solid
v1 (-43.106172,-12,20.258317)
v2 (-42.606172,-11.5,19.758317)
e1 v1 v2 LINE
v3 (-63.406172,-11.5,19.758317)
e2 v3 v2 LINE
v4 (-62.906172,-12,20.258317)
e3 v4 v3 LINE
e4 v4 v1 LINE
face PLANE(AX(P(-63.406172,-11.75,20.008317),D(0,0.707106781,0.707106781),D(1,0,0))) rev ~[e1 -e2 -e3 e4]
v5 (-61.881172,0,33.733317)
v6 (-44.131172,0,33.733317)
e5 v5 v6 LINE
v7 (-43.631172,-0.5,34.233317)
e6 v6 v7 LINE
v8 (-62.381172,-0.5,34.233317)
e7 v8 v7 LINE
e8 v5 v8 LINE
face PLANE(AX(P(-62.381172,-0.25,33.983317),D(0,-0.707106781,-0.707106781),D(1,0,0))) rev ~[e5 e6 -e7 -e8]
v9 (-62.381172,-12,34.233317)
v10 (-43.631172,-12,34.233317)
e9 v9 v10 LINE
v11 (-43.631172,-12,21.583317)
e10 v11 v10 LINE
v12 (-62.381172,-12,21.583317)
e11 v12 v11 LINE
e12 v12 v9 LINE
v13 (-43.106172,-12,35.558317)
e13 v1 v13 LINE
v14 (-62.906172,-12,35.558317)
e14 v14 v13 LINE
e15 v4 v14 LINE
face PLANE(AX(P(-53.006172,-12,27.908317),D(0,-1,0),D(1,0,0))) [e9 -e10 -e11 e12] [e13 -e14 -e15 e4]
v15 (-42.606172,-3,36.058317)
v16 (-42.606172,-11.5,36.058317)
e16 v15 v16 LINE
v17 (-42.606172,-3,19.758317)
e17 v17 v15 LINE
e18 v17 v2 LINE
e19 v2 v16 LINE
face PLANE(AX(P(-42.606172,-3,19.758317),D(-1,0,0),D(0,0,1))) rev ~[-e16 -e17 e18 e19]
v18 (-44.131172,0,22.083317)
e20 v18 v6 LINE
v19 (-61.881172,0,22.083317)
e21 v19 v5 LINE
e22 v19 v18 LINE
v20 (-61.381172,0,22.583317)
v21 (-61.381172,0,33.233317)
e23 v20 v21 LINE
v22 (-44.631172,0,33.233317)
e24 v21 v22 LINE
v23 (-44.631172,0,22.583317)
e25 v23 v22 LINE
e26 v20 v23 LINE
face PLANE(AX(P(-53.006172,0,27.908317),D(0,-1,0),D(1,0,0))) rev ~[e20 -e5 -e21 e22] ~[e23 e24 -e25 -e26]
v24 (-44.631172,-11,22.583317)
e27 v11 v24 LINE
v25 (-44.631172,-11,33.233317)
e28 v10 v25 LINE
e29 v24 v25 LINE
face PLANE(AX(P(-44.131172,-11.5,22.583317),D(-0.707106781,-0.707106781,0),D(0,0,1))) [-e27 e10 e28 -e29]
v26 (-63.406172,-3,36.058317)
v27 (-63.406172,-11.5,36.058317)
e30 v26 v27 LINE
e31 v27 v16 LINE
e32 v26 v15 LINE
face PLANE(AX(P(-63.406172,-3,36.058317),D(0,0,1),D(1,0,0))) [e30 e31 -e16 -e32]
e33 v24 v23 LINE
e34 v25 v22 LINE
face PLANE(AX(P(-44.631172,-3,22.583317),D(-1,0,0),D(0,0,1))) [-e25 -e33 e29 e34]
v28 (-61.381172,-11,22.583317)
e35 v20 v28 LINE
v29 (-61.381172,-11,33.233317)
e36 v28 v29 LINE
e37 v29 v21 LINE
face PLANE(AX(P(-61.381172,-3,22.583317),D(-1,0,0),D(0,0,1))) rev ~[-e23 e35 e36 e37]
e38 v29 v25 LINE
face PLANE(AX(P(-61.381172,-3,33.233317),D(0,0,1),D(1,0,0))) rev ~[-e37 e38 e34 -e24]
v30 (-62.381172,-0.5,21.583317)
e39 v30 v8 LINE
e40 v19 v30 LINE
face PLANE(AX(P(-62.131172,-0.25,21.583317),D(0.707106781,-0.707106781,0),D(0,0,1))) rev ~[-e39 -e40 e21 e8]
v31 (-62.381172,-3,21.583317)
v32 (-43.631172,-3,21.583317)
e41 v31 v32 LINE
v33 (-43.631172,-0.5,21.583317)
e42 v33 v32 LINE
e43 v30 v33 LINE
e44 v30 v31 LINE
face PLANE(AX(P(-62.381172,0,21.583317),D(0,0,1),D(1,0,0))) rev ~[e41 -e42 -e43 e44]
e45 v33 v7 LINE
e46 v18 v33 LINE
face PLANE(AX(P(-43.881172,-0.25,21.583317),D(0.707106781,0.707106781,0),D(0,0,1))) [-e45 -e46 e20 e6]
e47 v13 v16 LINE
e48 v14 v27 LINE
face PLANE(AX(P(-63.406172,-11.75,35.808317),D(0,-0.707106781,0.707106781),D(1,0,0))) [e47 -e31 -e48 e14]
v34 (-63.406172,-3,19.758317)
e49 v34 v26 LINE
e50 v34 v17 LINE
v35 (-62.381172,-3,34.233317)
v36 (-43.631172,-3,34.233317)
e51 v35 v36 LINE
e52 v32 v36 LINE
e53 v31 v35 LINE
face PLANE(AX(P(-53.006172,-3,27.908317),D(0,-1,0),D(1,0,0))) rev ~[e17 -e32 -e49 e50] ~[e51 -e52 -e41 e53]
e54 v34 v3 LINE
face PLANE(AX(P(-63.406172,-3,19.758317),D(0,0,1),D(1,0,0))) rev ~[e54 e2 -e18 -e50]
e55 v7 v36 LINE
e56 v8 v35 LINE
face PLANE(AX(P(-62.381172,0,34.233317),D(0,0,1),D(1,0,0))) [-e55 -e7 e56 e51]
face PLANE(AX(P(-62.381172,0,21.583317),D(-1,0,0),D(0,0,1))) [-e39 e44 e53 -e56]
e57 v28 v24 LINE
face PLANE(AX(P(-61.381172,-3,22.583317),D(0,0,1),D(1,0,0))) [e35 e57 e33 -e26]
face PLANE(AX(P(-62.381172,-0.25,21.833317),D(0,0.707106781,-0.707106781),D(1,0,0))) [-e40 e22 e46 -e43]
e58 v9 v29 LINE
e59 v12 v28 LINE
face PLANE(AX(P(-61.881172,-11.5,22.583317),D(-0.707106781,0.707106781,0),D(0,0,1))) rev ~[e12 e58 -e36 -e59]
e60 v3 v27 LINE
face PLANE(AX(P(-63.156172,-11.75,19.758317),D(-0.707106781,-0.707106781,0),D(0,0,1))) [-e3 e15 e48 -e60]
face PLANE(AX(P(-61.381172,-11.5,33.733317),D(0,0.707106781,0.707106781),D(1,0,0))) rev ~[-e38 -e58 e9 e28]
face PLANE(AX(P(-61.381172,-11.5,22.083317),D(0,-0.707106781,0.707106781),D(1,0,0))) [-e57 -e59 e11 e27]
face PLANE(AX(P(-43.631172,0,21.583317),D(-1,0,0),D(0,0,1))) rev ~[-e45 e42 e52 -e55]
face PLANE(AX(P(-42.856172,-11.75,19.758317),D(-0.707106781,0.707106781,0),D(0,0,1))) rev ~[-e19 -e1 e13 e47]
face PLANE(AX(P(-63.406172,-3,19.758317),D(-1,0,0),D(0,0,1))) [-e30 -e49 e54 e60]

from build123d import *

# Parameters (mm, degrees)
F0_W     = 18.75
F0_H     = 12.65
F0_W_2   = 16.75
F0_H_2   = 10.65
F1_DEPTH = 3
F2_W     = 20.8
F2_H     = 16.3
F2_W_2   = 18.75
F2_H_2   = 12.65
F2_W_3   = 16.75
F2_H_3   = 10.65
F3_DEPTH = 9
F4_SIZE  = 1
F5_SIZE  = 0.5


with BuildPart() as f1:
    # F0 (on Front) → F1 (new body)
    with BuildSketch(Plane.XZ):
        with Locations((-53.0061718459, 27.9083168134)):
            Rectangle(F0_W, F0_H)
        with Locations((-53.0061718459, 27.9083168134)):
            Rectangle(F0_W_2, F0_H_2, mode=Mode.SUBTRACT)
    extrude(amount=F1_DEPTH)

    # F2 (on face) → F3 (join)
    with BuildSketch(Plane.XZ.offset(3)):
        with Locations((-53.0061718459, 27.9083168134)):
            Rectangle(F2_W, F2_H)
        with Locations((-53.0061718459, 27.9083168134)):
            Rectangle(F2_W_2, F2_H_2, mode=Mode.SUBTRACT)
        with Locations((-53.0061718459, 27.9083168134)):
            Rectangle(F2_W_2, F2_H_2)
        with Locations((-53.0061718459, 27.9083168134)):
            Rectangle(F2_W_3, F2_H_3, mode=Mode.SUBTRACT)
    extrude(amount=F3_DEPTH)

    # F4
    f4_edges = [f1.edges().sort_by_distance(p)[0] for p in [
        (-53.006172, -12, 33.233317),
        (-44.631172, -12, 27.908317),
        (-53.006172, -12, 22.583317),
        (-61.381172, -12, 27.908317),
    ]]
    chamfer(f4_edges, length=F4_SIZE)

    # F5
    f5_edges = [f1.edges().sort_by_distance(p)[0] for p in [
        (-53.006172, 0, 34.233317),
        (-62.381172, 0, 27.908317),
        (-53.006172, 0, 21.583317),
        (-43.631172, 0, 27.908317),
        (-53.006172, -12, 36.058317),
        (-63.406172, -12, 27.908317),
        (-53.006172, -12, 19.758317),
        (-42.606172, -12, 27.908317),
    ]]
    chamfer(f5_edges, length=F5_SIZE)


solid = f1.part
